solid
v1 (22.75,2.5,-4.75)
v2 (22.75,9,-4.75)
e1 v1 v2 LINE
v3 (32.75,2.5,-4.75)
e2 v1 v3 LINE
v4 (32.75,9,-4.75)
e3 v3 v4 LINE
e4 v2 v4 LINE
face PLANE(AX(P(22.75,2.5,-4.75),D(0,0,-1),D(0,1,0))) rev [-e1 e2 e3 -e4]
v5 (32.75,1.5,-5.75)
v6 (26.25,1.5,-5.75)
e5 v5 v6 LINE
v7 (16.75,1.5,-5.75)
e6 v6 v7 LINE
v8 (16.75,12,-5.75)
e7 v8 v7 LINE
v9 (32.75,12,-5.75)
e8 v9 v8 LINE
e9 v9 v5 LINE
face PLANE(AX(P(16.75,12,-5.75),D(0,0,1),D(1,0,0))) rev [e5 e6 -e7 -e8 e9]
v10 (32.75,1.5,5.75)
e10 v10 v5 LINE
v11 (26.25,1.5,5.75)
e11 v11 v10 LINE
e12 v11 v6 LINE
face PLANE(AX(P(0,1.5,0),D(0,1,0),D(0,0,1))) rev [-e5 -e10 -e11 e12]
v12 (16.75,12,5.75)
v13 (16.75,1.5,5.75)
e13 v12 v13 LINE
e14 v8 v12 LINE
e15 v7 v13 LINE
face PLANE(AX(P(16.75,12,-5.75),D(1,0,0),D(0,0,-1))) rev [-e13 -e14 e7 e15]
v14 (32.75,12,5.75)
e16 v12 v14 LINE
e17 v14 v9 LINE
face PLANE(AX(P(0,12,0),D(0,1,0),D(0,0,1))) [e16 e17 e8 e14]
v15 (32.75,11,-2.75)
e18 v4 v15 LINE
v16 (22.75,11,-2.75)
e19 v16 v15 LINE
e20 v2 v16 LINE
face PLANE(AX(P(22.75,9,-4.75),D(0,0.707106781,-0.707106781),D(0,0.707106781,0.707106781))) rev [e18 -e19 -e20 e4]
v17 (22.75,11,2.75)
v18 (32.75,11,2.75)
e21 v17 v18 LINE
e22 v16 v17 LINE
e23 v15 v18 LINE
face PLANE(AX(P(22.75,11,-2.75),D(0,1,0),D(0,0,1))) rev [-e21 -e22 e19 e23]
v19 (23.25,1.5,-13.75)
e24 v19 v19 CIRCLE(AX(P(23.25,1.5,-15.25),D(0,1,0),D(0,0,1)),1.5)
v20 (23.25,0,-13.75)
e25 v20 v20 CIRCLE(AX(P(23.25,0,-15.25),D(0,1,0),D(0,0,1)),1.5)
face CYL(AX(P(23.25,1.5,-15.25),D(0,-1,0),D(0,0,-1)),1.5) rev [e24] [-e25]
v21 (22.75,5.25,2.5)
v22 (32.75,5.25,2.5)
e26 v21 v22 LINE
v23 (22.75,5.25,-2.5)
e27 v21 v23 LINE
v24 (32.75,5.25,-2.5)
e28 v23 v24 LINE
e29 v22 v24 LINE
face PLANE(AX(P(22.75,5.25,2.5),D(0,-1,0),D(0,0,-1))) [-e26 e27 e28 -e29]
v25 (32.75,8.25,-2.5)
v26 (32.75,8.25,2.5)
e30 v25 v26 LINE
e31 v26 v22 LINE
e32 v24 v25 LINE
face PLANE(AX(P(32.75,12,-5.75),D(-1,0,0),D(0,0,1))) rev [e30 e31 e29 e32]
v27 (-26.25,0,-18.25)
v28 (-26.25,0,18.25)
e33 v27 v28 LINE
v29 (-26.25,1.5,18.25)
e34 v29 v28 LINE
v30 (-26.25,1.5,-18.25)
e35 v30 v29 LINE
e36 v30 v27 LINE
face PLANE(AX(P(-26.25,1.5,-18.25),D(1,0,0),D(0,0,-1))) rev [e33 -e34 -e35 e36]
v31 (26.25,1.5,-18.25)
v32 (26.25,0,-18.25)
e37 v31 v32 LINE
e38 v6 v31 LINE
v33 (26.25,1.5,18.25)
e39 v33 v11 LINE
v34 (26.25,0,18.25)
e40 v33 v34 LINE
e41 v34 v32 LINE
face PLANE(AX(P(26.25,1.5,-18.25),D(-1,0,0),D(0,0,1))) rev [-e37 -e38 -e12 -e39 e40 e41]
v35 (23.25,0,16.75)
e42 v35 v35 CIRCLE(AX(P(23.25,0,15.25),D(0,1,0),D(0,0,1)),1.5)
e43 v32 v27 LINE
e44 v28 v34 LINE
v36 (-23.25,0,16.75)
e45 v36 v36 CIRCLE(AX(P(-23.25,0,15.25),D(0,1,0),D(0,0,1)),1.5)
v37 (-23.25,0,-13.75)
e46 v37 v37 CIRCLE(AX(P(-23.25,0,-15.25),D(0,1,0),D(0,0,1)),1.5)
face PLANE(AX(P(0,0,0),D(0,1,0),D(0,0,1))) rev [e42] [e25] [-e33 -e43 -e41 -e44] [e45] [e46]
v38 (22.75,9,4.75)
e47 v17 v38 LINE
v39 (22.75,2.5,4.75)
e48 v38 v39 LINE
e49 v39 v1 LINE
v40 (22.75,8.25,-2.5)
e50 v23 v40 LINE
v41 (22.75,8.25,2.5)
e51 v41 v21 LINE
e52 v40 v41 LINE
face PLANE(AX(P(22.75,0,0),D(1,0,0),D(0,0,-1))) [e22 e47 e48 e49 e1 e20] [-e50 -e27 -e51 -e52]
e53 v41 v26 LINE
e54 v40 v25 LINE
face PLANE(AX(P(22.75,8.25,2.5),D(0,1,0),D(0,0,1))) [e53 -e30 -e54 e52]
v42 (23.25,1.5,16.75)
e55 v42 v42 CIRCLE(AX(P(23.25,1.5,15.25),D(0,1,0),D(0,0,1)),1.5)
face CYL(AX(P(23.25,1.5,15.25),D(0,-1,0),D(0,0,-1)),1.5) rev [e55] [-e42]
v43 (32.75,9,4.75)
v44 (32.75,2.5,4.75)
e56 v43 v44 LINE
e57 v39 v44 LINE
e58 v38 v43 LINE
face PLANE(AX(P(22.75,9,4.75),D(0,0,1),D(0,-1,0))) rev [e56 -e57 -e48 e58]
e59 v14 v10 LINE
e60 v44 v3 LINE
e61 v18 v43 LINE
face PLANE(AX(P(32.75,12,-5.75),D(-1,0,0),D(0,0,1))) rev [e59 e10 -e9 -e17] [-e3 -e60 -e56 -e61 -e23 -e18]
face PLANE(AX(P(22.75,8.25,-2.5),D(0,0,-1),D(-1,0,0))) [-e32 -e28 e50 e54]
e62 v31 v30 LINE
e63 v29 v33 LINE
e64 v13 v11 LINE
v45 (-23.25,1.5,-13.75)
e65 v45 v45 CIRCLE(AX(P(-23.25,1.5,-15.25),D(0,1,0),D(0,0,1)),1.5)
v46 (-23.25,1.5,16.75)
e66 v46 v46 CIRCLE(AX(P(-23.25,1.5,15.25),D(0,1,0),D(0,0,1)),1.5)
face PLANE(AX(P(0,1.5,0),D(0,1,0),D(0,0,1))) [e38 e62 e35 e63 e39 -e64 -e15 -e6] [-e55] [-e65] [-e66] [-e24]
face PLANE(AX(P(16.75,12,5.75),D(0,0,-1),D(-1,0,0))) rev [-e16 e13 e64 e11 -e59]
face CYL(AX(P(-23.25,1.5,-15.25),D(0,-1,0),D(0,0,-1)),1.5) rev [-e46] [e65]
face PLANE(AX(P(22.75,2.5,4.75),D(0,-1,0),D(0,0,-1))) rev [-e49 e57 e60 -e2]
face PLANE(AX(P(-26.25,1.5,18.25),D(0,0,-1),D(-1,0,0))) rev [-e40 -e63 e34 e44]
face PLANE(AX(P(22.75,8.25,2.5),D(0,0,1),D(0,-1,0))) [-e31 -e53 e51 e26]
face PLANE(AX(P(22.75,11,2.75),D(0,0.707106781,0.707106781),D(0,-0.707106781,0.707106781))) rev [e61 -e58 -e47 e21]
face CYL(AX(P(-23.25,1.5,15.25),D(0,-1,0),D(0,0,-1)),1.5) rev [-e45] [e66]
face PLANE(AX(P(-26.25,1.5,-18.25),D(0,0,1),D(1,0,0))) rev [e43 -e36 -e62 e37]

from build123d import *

# Parameters (mm, degrees)
SKETCH1_W           = 52.5
SKETCH1_H           = 36.5
SKETCH1_R           = 1.5
BOSS_EXTRUDE1_DEPTH = 1.5
SKETCH2_W           = 16
SKETCH2_H           = 11.5
BOSS_EXTRUDE2_DEPTH = 10.5
SKETCH7_W           = 5
SKETCH7_H           = 3
CUT_EXTRUDE1_DEPTH  = 10


with BuildPart() as part:
    # Sketch1 → Boss-Extrude1 (new body)
    with BuildSketch(Plane(origin=(0, 0, 0), x_dir=(1, 0, 0), z_dir=(0, 1, 0))):
        Rectangle(SKETCH1_W, SKETCH1_H)
        with Locations((-23.25, 15.25)):
            Circle(SKETCH1_R, mode=Mode.SUBTRACT)
        with Locations((23.25, 15.25)):
            Circle(SKETCH1_R, mode=Mode.SUBTRACT)
        with Locations((-23.25, -15.25)):
            Circle(SKETCH1_R, mode=Mode.SUBTRACT)
        with Locations((23.25, -15.25)):
            Circle(SKETCH1_R, mode=Mode.SUBTRACT)
    extrude(amount=BOSS_EXTRUDE1_DEPTH)

    # Sketch2 → Boss-Extrude2 (add)
    with BuildSketch(Plane(origin=(0, 1.5, 0), x_dir=(1, 0, 0), z_dir=(0, 1, 0))):
        with Locations((24.75, 0)):
            Rectangle(SKETCH2_W, SKETCH2_H)
    extrude(amount=BOSS_EXTRUDE2_DEPTH)

    # Sketch7 → Cut-Extrude1 (cut)
    with BuildSketch(Plane(origin=(32.75, 0, 0), x_dir=(0, 0, -1), z_dir=(1, 0, 0))):
        Polygon((-4.75, 2.5), (4.75, 2.5), (4.75, 9), (2.75, 11), (-2.75, 11), (-4.75, 9), align=None)
        with Locations((0, 6.75)):
            Rectangle(SKETCH7_W, SKETCH7_H, mode=Mode.SUBTRACT)
    extrude(amount=-CUT_EXTRUDE1_DEPTH, mode=Mode.SUBTRACT)


solid = part.part
